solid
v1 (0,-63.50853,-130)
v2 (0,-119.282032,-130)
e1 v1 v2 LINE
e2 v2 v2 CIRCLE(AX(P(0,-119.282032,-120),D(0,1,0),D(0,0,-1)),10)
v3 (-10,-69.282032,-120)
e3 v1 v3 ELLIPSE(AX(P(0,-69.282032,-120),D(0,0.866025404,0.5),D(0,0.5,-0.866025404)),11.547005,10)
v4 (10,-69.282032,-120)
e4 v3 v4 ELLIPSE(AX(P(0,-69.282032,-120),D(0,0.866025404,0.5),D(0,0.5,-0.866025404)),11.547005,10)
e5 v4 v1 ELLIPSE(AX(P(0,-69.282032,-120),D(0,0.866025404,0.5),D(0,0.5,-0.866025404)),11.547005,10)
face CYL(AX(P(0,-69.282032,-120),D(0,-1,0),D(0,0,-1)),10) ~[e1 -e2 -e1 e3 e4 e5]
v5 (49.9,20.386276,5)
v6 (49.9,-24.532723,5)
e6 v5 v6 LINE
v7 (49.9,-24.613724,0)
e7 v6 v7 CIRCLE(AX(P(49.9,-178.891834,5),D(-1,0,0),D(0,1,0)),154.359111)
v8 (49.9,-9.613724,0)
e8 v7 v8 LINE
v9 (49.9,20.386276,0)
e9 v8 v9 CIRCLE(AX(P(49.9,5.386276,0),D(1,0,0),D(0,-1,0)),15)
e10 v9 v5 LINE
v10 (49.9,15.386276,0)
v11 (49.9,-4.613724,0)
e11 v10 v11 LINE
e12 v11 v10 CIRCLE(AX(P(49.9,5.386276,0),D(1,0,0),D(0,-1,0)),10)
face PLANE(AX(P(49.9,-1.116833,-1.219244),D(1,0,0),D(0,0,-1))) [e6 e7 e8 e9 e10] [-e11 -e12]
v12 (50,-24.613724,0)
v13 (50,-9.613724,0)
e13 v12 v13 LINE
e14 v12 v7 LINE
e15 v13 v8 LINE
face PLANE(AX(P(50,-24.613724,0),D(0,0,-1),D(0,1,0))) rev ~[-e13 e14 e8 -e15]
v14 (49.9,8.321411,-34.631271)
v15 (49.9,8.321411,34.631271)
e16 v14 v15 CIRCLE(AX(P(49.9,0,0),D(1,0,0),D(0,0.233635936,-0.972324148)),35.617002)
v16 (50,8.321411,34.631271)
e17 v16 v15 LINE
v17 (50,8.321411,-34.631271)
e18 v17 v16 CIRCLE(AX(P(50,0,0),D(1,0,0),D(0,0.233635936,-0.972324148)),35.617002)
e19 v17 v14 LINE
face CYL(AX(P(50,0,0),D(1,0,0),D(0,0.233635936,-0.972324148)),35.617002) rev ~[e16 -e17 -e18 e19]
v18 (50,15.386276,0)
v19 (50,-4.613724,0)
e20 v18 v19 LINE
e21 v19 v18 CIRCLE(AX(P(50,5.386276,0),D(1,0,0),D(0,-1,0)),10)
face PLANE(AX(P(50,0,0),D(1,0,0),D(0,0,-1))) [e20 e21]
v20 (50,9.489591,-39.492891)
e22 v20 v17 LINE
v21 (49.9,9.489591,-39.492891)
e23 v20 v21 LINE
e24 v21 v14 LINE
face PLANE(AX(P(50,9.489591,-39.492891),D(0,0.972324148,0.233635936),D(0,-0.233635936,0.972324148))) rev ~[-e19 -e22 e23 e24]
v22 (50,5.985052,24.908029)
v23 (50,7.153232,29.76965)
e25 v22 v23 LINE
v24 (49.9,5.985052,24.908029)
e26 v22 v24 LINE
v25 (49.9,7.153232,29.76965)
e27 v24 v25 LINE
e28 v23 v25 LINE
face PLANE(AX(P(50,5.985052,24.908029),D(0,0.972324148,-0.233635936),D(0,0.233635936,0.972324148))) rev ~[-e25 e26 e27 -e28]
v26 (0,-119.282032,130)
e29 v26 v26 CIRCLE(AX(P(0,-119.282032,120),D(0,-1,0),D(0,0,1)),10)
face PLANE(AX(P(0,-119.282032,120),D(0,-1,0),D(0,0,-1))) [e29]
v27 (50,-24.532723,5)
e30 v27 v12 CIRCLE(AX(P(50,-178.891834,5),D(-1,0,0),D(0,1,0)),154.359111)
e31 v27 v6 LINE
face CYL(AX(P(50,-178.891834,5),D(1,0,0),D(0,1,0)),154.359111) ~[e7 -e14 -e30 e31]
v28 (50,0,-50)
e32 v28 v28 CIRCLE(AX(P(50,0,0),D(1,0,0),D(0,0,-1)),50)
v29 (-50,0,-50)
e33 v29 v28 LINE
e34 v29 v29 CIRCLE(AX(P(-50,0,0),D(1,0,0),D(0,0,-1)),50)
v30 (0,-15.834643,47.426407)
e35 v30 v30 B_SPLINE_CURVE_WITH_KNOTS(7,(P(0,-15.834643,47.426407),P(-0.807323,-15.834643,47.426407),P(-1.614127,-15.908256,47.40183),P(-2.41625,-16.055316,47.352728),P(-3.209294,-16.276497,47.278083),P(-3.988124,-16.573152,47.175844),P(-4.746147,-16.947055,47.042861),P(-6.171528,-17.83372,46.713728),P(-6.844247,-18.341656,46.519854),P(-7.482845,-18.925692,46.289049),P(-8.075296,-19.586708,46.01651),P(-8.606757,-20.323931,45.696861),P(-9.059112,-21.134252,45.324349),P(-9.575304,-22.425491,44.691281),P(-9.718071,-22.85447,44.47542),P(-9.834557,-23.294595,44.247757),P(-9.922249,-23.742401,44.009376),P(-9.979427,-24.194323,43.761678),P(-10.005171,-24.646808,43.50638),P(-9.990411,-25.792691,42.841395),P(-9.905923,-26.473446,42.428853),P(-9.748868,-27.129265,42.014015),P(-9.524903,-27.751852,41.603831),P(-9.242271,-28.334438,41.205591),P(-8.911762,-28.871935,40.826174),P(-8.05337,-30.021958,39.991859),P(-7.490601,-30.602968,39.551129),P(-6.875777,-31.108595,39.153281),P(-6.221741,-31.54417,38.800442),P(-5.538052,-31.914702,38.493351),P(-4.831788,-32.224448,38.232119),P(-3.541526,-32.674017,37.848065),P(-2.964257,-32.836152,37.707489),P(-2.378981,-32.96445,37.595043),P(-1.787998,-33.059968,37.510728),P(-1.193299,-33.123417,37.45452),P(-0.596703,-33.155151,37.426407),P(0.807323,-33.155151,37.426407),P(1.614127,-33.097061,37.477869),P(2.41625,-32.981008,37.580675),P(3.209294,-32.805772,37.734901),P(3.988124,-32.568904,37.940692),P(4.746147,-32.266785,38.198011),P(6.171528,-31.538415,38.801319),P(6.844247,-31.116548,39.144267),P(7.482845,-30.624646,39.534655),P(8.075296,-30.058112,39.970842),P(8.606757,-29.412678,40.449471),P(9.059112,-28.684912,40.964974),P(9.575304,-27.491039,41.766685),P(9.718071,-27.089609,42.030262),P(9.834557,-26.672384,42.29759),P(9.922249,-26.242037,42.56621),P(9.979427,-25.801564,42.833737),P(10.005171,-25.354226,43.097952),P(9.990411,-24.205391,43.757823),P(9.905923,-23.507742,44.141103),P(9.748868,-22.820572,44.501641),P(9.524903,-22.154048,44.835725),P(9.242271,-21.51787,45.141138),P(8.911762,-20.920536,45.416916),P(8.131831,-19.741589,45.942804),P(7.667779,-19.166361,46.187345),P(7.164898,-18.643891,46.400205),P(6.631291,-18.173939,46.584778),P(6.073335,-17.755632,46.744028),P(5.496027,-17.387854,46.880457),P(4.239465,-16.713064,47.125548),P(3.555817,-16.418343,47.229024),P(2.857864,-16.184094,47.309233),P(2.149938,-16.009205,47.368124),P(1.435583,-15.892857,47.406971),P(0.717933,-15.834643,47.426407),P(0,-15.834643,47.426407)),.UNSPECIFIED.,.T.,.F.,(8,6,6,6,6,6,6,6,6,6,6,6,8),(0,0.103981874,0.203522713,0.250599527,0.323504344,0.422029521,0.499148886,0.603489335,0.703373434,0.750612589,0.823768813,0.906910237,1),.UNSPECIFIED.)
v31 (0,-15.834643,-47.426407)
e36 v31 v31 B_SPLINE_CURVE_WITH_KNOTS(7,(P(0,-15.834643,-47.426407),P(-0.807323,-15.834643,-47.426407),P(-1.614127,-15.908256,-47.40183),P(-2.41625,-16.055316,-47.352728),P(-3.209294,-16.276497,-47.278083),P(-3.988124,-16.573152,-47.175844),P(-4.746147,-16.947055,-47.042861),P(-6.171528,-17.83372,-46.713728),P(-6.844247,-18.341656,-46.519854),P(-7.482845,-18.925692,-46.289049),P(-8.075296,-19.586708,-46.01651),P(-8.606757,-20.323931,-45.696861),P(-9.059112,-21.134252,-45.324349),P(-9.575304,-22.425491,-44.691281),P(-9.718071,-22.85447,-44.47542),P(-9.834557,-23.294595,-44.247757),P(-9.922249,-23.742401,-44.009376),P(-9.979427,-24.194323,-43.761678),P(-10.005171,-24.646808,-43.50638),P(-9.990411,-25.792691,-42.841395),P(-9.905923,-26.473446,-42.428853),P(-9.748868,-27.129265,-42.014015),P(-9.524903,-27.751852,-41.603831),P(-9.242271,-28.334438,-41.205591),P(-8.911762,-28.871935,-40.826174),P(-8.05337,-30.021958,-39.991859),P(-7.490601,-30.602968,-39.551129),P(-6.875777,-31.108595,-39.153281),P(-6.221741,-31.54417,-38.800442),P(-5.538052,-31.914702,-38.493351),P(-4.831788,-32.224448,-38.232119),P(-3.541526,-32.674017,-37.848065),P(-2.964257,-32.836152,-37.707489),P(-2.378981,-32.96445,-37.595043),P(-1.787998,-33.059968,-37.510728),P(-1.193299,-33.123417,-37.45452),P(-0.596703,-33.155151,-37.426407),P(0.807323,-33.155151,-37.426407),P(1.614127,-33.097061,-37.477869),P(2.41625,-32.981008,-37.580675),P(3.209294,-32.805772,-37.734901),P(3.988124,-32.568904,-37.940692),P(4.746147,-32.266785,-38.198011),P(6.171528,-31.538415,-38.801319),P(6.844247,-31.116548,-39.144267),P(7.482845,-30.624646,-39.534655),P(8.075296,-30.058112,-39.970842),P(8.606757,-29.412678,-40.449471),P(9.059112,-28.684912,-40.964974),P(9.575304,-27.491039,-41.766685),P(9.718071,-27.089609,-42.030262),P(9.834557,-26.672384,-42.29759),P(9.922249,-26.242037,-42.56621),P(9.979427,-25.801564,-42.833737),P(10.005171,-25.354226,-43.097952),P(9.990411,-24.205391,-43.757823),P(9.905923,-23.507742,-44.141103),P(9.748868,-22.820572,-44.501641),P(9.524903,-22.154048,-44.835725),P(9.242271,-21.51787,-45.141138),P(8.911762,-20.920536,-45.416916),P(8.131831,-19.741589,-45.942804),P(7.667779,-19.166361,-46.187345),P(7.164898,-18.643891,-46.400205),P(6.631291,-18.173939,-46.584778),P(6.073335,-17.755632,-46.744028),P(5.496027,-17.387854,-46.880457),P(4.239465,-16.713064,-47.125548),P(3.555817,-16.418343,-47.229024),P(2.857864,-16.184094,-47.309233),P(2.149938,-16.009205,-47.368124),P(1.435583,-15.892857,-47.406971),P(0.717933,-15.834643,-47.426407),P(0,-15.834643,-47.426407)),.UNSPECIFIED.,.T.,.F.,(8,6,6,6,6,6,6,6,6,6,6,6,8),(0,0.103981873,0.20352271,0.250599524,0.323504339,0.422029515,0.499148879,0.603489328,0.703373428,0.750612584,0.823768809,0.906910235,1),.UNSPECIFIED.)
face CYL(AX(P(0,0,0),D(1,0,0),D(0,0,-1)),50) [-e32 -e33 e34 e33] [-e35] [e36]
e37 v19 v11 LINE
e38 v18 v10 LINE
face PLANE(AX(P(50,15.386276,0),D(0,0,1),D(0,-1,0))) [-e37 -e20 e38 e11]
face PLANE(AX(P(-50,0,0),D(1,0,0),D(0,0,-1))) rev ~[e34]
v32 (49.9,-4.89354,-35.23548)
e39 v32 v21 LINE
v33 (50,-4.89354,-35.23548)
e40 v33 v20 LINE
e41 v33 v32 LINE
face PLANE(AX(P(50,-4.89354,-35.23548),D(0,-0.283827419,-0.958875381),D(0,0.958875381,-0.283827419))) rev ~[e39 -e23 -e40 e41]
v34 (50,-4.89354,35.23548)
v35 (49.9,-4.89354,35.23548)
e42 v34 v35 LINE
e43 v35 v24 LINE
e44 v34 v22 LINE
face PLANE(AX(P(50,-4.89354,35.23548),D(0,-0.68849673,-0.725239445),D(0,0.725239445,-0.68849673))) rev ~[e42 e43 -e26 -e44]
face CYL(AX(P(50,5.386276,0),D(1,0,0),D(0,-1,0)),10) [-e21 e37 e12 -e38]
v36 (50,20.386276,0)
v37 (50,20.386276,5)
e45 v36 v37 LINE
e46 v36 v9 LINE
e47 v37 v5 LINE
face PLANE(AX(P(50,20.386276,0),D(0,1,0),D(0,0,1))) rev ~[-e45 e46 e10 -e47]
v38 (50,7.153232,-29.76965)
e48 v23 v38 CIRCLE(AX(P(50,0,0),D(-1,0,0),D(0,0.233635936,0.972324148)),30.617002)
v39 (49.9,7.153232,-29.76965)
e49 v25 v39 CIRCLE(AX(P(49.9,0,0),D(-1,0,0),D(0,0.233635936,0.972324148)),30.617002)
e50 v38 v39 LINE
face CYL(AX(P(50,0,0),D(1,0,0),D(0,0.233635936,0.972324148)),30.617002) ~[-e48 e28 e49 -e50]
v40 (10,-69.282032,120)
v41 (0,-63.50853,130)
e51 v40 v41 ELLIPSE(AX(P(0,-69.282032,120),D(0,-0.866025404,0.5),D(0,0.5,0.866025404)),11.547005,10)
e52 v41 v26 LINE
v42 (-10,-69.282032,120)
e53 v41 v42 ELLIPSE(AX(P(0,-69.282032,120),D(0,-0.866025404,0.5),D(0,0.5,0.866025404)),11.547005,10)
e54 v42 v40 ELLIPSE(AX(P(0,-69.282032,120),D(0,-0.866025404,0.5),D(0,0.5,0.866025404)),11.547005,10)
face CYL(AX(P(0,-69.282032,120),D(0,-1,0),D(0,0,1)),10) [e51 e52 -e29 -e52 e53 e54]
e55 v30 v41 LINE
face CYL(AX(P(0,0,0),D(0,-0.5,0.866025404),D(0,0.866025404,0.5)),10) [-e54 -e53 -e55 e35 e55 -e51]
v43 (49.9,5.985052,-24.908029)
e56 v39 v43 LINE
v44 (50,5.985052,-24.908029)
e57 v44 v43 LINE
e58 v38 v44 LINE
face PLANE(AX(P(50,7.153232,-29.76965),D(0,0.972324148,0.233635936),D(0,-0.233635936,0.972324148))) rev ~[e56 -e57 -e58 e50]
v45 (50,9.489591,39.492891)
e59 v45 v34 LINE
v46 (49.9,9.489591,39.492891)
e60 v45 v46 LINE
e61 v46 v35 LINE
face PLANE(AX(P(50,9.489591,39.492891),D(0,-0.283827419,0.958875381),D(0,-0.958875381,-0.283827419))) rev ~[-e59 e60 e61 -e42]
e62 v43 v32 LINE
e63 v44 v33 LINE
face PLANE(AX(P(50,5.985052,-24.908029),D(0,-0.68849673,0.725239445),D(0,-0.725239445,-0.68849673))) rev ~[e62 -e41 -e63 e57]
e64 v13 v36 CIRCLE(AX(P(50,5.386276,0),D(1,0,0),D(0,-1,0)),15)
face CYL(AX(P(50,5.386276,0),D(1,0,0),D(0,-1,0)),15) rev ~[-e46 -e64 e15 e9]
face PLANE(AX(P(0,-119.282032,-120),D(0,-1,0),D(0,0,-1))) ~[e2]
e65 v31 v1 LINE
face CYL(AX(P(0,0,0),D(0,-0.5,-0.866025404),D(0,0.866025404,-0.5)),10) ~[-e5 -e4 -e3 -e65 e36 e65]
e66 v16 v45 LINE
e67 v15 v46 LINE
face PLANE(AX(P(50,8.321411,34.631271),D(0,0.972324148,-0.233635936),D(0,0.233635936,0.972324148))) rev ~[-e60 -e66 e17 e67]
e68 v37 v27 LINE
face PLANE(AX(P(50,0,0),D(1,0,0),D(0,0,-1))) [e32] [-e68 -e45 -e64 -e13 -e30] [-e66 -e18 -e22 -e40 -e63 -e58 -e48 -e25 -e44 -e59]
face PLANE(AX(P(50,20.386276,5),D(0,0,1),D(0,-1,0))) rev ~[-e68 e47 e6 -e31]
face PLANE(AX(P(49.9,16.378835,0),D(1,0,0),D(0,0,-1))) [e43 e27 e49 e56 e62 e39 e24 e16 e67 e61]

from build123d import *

# Parameters (mm, degrees)
SKETCH1_R           = 50
BOSS_EXTRUDE1_DEPTH = 50
SWEEP1_PROFILE_R    = 10
CUT_EXTRUDE1_DEPTH  = 0.1


with BuildPart() as part:
    # Sketch1 → Boss-Extrude1 (new, symmetric)
    with BuildSketch(Plane(origin=(0, 0, 0), x_dir=(0, 0, -1), z_dir=(1, 0, 0))):
        Circle(SKETCH1_R)
    extrude(amount=BOSS_EXTRUDE1_DEPTH, both=True)

    # Sweep1: sweep along a path in Sketch2
    with BuildLine(Plane(origin=(0, 0, 0), x_dir=(0, 0, -1), z_dir=(1, 0, 0))) as sweep1_path:
        Line((0, 0), (-120, -69.282032303))
        Line((-120, -69.282032303), (-120, -119.282032303))
    # Sweep1 profile (on start of the path) → Sweep1 (sweep)
    with BuildSketch(Plane(origin=(0, 0, 0), x_dir=(0, 0.866025403784438, 0.5000000000000012), z_dir=(0, -0.5000000000000012, 0.866025403784438))):
        Circle(SWEEP1_PROFILE_R)
    sweep1 = sweep(path=sweep1_path.line, transition=Transition.RIGHT)

    # Mirror1: Sweep1 across plane
    add(sweep1.mirror(Plane.XY))

    # Sketch13 → Cut-Extrude1 (cut)
    # profile 1 of 2: a face of its own
    with BuildSketch(Plane(origin=(50, 0, 0), x_dir=(0, 0, -1), z_dir=(1, 0, 0))):
        with BuildLine():
            Line((-34.63127072, 8.321411489), (-39.492891462, 9.489591167))
            Line((-39.492891462, 9.489591167), (-35.235480182, -4.893539549))
            Line((-35.235480182, -4.893539549), (-24.908029236, 5.985052132))
            Line((-24.908029236, 5.985052132), (-29.769649978, 7.15323181))
            ThreePointArc((-29.769649978, 7.15323181), (0, 30.61700157), (29.769649978, 7.15323181))
            Line((29.769649978, 7.15323181), (24.908029236, 5.985052132))
            Line((24.908029236, 5.985052132), (35.235480182, -4.893539549))
            Line((35.235480182, -4.893539549), (39.492891462, 9.489591167))
            Line((39.492891462, 9.489591167), (34.63127072, 8.321411489))
            ThreePointArc((34.63127072, 8.321411489), (0, 35.61700157), (-34.63127072, 8.321411489))
        make_face()
    # profile 2 of 2: a face of its own
    with BuildSketch(Plane(origin=(50, 0, 0), x_dir=(0, 0, -1), z_dir=(1, 0, 0))):
        with BuildLine():
            Line((-5, 20.386275511), (-5, -24.532723242))
            ThreePointArc((-5, -24.532723242), (-2.499671961, -24.552974882), (0, -24.613724489))
            Line((0, -24.613724489), (0, -9.613724489))
            ThreePointArc((0, -9.613724489), (15, 5.386275511), (0, 20.386275511))
            Line((0, 20.386275511), (-5, 20.386275511))
        make_face()
        with BuildLine():
            Line((0, 15.386275511), (0, -4.613724489))
            ThreePointArc((0, -4.613724489), (10, 5.386275511), (0, 15.386275511))
        make_face(mode=Mode.SUBTRACT)
    extrude(amount=-CUT_EXTRUDE1_DEPTH, mode=Mode.SUBTRACT)


solid = part.part
